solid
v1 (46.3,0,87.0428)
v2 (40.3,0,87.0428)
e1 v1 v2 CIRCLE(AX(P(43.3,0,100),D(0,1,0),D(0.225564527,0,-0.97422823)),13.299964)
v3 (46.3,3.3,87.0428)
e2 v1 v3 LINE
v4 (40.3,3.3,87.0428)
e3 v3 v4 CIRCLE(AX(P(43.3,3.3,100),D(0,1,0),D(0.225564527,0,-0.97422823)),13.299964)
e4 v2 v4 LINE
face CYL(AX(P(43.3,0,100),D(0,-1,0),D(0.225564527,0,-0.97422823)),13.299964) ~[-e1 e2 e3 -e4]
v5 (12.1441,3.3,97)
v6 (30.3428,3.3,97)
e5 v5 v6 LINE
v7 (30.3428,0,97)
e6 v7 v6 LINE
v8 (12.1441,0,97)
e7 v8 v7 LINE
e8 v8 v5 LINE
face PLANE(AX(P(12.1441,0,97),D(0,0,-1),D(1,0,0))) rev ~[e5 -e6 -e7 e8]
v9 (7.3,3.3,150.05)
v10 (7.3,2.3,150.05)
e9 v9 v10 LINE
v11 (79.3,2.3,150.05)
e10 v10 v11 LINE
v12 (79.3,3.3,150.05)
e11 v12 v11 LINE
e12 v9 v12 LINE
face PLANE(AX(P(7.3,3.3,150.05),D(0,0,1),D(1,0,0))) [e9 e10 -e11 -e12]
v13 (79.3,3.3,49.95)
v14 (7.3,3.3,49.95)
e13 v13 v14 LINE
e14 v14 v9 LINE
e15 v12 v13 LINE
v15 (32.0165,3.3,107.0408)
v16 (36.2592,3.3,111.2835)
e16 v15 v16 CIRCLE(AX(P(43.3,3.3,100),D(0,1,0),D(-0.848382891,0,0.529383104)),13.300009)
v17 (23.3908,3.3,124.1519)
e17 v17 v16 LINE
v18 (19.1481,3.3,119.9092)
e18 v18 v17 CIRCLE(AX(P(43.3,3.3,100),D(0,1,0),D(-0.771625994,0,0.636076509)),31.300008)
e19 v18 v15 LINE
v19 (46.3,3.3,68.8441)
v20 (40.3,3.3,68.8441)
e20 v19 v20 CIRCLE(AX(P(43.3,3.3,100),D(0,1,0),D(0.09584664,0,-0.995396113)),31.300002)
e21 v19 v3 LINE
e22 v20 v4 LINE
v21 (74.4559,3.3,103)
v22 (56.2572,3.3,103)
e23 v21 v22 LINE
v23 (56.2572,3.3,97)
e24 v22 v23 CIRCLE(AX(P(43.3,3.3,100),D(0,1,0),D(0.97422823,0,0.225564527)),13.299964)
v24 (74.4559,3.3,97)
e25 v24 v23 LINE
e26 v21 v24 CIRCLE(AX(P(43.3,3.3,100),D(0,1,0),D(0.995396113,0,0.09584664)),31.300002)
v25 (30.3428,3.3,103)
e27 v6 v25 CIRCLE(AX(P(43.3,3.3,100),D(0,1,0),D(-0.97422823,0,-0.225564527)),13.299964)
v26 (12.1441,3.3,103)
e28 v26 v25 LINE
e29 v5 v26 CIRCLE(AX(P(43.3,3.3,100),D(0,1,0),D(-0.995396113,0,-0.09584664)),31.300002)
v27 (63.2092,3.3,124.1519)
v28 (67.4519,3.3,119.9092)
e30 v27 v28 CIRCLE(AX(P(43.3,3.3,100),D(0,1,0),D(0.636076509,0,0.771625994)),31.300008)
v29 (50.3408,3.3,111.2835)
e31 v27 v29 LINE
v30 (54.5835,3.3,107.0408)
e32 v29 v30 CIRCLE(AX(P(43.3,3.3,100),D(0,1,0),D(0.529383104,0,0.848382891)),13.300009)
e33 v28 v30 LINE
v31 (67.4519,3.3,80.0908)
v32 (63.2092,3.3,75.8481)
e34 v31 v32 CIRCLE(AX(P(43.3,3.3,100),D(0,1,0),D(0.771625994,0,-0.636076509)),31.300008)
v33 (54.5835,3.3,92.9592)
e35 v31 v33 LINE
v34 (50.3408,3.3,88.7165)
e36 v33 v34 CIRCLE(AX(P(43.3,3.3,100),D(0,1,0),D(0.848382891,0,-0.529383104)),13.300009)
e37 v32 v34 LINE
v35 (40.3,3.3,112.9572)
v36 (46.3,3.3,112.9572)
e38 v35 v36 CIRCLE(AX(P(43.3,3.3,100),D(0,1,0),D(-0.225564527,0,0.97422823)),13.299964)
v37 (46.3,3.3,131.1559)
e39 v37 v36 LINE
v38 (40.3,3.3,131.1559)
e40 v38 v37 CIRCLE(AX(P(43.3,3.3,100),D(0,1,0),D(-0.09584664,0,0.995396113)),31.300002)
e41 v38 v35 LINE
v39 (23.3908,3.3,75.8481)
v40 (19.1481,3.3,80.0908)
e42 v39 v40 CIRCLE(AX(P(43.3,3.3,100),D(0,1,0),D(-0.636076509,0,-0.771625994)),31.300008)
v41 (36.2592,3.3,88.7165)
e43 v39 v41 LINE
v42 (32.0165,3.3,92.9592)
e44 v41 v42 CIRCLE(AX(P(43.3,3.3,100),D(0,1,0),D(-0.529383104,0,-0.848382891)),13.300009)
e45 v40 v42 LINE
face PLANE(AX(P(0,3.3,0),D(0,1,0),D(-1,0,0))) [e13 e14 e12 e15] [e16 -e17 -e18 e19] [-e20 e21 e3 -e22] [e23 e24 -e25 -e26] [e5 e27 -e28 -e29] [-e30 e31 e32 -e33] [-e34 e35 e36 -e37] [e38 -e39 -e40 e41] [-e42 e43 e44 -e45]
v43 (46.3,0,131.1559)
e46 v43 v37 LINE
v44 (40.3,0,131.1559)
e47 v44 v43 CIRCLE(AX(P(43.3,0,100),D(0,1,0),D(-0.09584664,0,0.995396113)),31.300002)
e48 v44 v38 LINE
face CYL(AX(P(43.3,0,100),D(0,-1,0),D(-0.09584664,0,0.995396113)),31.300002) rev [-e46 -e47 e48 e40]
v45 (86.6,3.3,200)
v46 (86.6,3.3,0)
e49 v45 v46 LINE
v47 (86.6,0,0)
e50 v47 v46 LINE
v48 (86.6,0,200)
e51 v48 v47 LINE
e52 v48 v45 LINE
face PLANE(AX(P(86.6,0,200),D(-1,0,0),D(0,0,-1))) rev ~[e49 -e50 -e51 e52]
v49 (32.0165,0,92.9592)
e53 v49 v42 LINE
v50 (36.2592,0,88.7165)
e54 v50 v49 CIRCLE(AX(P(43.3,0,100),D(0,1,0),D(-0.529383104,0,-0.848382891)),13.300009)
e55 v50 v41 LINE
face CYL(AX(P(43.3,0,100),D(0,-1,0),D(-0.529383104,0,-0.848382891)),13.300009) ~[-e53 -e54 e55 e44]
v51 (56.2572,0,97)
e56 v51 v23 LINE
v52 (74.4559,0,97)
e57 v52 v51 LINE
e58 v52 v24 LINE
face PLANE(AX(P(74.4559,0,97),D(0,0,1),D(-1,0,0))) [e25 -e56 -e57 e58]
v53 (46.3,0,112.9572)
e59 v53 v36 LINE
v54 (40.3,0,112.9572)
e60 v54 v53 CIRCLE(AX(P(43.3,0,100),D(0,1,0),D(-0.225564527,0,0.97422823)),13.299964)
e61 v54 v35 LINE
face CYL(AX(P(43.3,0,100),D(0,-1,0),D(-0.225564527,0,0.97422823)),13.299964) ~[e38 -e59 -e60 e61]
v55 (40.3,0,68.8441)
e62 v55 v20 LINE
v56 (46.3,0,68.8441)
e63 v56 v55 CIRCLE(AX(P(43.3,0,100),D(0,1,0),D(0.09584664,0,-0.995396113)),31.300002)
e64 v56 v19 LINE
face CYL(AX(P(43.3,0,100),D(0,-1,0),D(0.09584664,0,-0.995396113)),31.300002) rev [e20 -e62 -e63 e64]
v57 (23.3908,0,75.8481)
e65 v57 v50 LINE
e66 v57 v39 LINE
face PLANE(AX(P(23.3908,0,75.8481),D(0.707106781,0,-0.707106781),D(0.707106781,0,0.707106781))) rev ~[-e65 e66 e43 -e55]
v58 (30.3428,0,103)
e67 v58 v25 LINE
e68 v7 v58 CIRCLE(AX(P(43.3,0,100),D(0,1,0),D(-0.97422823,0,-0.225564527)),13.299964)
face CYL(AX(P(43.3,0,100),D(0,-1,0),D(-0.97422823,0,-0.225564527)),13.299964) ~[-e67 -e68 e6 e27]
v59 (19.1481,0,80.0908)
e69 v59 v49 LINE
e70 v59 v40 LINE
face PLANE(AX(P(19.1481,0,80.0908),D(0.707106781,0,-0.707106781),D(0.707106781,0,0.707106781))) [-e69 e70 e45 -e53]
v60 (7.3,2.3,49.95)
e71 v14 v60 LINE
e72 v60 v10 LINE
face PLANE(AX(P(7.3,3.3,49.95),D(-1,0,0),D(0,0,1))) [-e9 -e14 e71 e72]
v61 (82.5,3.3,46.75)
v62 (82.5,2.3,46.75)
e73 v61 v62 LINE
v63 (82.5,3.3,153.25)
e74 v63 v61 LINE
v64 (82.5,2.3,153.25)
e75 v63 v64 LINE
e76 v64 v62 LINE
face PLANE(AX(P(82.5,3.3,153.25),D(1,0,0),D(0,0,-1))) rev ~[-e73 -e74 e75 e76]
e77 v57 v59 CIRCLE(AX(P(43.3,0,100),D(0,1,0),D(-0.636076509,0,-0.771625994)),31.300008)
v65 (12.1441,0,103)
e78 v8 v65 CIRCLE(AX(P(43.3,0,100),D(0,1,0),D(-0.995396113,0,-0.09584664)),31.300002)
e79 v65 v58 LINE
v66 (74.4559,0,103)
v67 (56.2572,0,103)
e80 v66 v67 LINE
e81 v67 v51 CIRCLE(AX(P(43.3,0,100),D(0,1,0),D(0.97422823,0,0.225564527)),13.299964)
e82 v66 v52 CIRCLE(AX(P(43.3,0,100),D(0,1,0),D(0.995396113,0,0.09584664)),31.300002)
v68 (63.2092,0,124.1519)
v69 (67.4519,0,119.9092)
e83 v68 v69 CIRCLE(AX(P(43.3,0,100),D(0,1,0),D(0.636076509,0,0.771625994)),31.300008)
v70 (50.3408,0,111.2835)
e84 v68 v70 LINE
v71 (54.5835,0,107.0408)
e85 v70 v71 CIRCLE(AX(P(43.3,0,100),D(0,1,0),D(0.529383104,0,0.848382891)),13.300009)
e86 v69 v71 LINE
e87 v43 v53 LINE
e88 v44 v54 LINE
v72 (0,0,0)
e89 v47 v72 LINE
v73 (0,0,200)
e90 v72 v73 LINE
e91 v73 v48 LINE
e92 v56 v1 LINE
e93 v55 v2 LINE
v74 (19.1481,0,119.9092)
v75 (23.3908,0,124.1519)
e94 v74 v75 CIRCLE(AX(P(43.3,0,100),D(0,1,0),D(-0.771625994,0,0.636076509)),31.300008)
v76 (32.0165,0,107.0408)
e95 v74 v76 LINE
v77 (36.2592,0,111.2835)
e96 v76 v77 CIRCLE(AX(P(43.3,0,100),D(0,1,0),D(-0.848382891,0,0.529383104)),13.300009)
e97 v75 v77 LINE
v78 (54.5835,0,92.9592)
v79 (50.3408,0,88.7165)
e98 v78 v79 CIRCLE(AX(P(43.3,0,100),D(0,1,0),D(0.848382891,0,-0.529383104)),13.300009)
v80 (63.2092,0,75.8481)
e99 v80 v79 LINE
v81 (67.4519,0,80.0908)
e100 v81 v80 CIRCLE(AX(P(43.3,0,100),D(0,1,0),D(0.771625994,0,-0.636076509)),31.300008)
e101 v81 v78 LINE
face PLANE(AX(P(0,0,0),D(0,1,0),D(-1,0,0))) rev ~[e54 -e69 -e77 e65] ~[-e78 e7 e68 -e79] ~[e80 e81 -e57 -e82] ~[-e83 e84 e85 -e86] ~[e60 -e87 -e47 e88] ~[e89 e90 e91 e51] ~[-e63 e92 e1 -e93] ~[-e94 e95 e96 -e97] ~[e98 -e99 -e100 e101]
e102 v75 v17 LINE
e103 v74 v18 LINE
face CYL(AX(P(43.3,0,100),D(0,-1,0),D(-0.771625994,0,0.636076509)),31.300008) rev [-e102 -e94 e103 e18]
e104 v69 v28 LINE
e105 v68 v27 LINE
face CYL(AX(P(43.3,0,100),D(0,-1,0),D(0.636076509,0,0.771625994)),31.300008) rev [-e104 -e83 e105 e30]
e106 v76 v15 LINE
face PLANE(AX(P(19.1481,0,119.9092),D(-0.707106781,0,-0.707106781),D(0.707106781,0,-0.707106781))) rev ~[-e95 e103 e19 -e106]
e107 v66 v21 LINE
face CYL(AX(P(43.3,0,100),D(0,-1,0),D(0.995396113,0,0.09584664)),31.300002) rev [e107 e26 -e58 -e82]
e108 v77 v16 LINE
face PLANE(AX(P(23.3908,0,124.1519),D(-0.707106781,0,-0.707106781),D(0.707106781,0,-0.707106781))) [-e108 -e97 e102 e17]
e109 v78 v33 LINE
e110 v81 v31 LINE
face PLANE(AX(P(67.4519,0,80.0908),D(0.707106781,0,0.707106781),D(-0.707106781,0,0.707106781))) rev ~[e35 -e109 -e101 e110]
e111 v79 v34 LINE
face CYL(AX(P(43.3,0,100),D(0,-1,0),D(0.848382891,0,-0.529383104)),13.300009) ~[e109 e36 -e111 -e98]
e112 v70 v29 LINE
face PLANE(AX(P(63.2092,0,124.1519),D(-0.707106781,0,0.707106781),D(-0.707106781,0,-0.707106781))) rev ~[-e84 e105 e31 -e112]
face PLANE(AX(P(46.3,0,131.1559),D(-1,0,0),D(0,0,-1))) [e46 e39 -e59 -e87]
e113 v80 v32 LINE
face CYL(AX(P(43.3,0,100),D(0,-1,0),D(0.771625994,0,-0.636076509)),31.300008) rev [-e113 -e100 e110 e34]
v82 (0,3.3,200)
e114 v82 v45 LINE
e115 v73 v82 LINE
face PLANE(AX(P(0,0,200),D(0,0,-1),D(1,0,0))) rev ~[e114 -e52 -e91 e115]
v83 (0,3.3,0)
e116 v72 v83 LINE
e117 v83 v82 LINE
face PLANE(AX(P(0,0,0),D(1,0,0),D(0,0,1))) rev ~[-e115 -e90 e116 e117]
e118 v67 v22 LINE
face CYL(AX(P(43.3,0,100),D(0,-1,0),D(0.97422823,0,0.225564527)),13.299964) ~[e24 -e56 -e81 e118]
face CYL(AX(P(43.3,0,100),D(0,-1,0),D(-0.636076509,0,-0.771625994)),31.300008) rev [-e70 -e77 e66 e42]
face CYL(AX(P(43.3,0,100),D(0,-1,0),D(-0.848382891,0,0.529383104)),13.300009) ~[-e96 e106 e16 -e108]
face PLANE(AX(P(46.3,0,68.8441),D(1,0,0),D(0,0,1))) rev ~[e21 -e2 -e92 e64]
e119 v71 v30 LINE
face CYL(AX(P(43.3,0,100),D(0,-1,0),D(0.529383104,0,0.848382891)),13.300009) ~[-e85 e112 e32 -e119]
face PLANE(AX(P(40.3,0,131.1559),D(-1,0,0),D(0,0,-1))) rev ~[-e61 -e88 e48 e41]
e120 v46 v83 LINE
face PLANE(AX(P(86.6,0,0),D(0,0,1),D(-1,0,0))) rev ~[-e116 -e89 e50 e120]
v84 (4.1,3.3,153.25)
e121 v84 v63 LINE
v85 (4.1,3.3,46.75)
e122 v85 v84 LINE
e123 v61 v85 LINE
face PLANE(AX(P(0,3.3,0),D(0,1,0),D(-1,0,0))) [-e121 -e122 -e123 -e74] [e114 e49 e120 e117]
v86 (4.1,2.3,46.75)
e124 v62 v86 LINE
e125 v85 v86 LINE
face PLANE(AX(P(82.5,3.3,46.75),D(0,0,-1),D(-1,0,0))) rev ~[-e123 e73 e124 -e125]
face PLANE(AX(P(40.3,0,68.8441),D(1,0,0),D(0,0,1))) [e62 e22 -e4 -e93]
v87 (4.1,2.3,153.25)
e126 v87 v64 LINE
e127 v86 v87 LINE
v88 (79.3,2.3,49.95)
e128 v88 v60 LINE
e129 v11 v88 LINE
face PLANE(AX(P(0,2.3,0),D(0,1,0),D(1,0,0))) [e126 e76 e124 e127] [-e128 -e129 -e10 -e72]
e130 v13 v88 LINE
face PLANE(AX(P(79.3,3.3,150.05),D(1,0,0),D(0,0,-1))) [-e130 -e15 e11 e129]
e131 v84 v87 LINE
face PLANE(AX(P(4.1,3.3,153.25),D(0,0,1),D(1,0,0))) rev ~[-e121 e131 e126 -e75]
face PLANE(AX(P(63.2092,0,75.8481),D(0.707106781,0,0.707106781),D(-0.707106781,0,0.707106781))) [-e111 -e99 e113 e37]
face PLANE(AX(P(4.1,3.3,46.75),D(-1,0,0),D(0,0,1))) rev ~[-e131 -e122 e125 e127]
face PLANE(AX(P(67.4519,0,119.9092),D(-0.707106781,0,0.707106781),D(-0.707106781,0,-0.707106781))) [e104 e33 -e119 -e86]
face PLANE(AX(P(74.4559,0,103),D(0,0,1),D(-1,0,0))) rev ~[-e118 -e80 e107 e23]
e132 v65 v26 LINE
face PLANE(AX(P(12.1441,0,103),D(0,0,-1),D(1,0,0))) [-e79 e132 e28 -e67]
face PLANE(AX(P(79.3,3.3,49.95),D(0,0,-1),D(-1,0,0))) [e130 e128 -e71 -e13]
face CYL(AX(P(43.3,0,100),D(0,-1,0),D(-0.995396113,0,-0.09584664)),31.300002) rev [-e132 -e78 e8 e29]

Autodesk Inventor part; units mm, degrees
ref_plane "YZ Plane" through (0, 0, 0) normal (1, 0, 0) x (0, 1, 0)
ref_plane "XZ Plane" through (0, 0, 0) normal (0, 1, 0) x (-1, 0, 0)
ref_plane "XY Plane" through (0, 0, 0) normal (0, 0, 1) x (1, 0, 0)
sketch "Sketch7" plane through (0, 0, 0) normal (0, 1, 0) x (-1, 0, 0)
  circle A0 centre (-43.3, 100) radius 13.3 construction
  circle A1 centre (-43.3, 100) radius 31.3 construction
  line L0 (-86.6, 0) -> (0, 0)
  line L1 (0, 0) -> (0, 200)
  line L2 (0, 200) -> (-86.6, 200)
  line L3 (-86.6, 200) -> (-86.6, 0)
  line L4 (0, 200) -> (-86.6, 200)
  line L5 (-46.3, 68.8441) -> (-46.3, 87.0428)
  line L6 (-40.3, 68.8441) -> (-40.3, 87.0428)
  arc A2 (-46.3, 87.0428) -> (-40.3, 87.0428) centre (-43.3, 100) ccw
  arc A3 (-46.3, 68.8441) -> (-40.3, 68.8441) centre (-43.3, 100) ccw
  line L7 (-19.1481, 80.0908) -> (-32.0165, 92.9592)
  arc A4 (-23.3908, 75.8481) -> (-19.1481, 80.0908) centre (-43.3, 100) ccw
  line L8 (-23.3908, 75.8481) -> (-36.2592, 88.7165)
  arc A5 (-36.2592, 88.7165) -> (-32.0165, 92.9592) centre (-43.3, 100) ccw
  line L9 (-12.1441, 103) -> (-30.3428, 103)
  arc A6 (-12.1441, 97) -> (-12.1441, 103) centre (-43.3, 100) ccw
  line L10 (-12.1441, 97) -> (-30.3428, 97)
  arc A7 (-30.3428, 97) -> (-30.3428, 103) centre (-43.3, 100) ccw
  line L11 (-23.3908, 124.1519) -> (-36.2592, 111.2835)
  arc A8 (-19.1481, 119.9092) -> (-23.3908, 124.1519) centre (-43.3, 100) ccw
  line L12 (-19.1481, 119.9092) -> (-32.0165, 107.0408)
  arc A9 (-32.0165, 107.0408) -> (-36.2592, 111.2835) centre (-43.3, 100) ccw
  line L13 (-46.3, 131.1559) -> (-46.3, 112.9572)
  arc A10 (-40.3, 131.1559) -> (-46.3, 131.1559) centre (-43.3, 100) ccw
  line L14 (-40.3, 131.1559) -> (-40.3, 112.9572)
  arc A11 (-40.3, 112.9572) -> (-46.3, 112.9572) centre (-43.3, 100) ccw
  line L15 (-67.4519, 119.9092) -> (-54.5835, 107.0408)
  arc A12 (-63.2092, 124.1519) -> (-67.4519, 119.9092) centre (-43.3, 100) ccw
  line L16 (-63.2092, 124.1519) -> (-50.3408, 111.2835)
  arc A13 (-50.3408, 111.2835) -> (-54.5835, 107.0408) centre (-43.3, 100) ccw
  line L17 (-74.4559, 97) -> (-56.2572, 97)
  arc A14 (-74.4559, 103) -> (-74.4559, 97) centre (-43.3, 100) ccw
  line L18 (-74.4559, 103) -> (-56.2572, 103)
  arc A15 (-56.2572, 103) -> (-56.2572, 97) centre (-43.3, 100) ccw
  line L19 (-63.2092, 75.8481) -> (-50.3408, 88.7165)
  arc A16 (-67.4519, 80.0908) -> (-63.2092, 75.8481) centre (-43.3, 100) ccw
  line L20 (-67.4519, 80.0908) -> (-54.5835, 92.9592)
  arc A17 (-54.5835, 92.9592) -> (-50.3408, 88.7165) centre (-43.3, 100) ccw
  line L21 (-86.6, 200) -> (-86.6, 0)
  point P0 (-43.3, 200)
  point P1 (-86.6, 100)
  point P2 (-43.3, 200)
  point P3 (-43.3, 86.7)
  point P4 (-33.8955, 90.5955)
  point P5 (-30, 100)
  point P6 (-33.8955, 109.4045)
  point P7 (-43.3, 113.3)
  point P8 (-52.7045, 109.4045)
  point P9 (-56.6, 100)
  point P10 (-52.7045, 90.5955)
  dimension "d36" = 18
  dimension "d37" = 6
  dimension "d38" = 360
  dimension "d39" = 30
  dimension "d42" = 100
  dimension "d43" = 200
  dimension "d44" = 86.6
extrude "Extrusion3" add sketch "Sketch7" along normal blind 3.3
sketch "Sketch8" plane through (0, 3.3, 0) normal (0, 1, 0) x (1, 0, 0)
  line L0 (7.3, -150.05) -> (79.3, -150.05)
  line L1 (79.3, -150.05) -> (79.3, -49.95)
  line L2 (79.3, -49.95) -> (7.3, -49.95)
  line L3 (7.3, -49.95) -> (7.3, -150.05)
  line L4 (4.1, -153.25) -> (82.5, -153.25)
  line L5 (82.5, -153.25) -> (82.5, -46.75)
  line L6 (82.5, -46.75) -> (4.1, -46.75)
  line L7 (4.1, -46.75) -> (4.1, -153.25)
  line L8 (86.6, 0) -> (0, 0) projected
  line L9 (0, 0) -> (0, -200) projected
  dimension "d47" = 3.2
  dimension "d48" = 3.2
  dimension "d49" = 3.2
  dimension "d50" = 3.2
  dimension "largo_bateria" = 100.1
  dimension "ancho_bateria" = 72
  dimension "d54" = 7.3
  dimension "d55" = 49.95
extrude "Extrusion4" cut sketch "Sketch8" against normal blind 1
equation "\"d36\" = 1.5 * d41"
equation "\"d37\" = 0.2 * d39"
equation "\"d39\" = d40"
equation "\"d42\" = 0.5 * largo_base"
equation "\"d43\" = largo_base"
equation "\"d48\" = d47"
equation "\"d49\" = d47"
equation "\"d50\" = d47"
equation "\"d55\" = 0.5 * largo_base - 0.5 * largo_bateria"
equation "\"espesor\" = 3.2"
equation "\"d41\" = 12"
equation "\"largo_base\" = 200"
equation "\"d40\" = 30"
properties part number "cuerpo-base-bateria"
